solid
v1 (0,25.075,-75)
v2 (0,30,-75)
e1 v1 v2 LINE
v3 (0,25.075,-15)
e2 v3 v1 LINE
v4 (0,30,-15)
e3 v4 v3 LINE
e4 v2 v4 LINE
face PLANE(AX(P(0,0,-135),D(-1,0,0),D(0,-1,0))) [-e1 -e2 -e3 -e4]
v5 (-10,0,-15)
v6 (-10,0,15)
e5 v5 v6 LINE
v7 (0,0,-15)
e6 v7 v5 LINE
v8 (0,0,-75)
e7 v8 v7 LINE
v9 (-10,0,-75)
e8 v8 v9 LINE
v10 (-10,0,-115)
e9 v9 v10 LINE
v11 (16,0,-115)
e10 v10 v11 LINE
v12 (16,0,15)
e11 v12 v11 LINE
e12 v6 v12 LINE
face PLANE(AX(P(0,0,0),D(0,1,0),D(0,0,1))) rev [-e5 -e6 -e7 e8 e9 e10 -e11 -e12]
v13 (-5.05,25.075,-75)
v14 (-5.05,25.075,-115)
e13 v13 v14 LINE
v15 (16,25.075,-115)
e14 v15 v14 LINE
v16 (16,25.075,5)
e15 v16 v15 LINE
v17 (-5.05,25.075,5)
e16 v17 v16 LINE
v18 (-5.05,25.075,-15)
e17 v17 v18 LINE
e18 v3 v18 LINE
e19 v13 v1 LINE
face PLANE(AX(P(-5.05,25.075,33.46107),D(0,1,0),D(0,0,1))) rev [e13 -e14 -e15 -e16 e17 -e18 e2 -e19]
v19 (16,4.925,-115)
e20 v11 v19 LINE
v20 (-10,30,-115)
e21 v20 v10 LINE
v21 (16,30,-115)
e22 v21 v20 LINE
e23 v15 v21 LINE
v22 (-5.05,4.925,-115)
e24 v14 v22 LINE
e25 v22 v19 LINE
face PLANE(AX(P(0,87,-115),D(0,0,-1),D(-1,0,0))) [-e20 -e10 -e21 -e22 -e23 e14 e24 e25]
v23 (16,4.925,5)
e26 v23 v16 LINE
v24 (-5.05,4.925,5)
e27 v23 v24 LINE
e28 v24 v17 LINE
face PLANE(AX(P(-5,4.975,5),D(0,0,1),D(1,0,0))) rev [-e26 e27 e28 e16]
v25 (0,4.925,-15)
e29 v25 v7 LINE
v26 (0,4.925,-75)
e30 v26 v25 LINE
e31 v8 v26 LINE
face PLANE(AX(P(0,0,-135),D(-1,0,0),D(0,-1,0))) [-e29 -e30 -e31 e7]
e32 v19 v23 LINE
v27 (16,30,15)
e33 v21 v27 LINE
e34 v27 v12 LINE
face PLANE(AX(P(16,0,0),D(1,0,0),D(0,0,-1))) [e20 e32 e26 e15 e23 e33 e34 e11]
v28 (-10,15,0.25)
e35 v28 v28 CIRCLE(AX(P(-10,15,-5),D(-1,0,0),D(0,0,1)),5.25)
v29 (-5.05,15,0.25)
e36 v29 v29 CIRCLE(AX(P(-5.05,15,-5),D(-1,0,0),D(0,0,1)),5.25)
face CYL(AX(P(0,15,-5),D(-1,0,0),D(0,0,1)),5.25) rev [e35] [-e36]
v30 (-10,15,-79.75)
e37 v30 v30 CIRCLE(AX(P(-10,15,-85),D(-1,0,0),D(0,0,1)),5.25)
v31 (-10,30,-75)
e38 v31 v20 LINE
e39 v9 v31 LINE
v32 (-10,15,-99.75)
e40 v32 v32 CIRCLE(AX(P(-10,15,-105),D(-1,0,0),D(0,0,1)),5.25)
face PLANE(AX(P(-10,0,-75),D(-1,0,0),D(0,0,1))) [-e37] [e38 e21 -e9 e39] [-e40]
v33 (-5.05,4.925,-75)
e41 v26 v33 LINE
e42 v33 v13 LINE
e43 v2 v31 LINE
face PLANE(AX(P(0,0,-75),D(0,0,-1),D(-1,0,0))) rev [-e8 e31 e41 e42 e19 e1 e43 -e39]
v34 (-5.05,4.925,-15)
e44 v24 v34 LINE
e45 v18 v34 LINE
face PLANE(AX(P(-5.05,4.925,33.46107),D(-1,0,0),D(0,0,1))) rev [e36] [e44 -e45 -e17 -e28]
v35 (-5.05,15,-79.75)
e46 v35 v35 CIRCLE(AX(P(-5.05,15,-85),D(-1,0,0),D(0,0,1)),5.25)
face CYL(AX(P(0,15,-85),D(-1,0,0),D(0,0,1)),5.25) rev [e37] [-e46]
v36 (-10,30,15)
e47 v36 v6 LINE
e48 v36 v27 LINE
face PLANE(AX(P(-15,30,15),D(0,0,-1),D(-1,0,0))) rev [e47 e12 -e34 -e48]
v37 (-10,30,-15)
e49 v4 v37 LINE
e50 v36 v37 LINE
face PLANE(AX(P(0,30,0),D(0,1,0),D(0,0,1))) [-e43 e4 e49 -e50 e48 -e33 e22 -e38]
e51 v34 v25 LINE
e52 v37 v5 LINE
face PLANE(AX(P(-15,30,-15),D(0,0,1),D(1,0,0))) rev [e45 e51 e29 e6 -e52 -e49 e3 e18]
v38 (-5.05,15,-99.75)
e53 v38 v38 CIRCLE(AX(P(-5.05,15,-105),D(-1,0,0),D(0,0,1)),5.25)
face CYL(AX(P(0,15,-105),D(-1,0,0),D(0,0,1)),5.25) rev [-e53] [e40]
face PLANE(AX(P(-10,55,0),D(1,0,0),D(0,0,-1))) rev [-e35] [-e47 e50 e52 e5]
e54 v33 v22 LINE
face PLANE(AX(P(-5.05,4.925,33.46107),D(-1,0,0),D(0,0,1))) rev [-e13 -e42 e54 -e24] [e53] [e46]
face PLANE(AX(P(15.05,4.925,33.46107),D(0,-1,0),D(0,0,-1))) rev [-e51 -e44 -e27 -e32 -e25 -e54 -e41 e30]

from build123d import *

# Parameters (mm, degrees)
SKETCH_1_W          = 30
SKETCH_1_H          = 30
EXTRUDE_1_DEPTH     = 30
SKETCH_2_W          = 20
SKETCH_2_H          = 20.05
CUT_EXTRUDE_1_DEPTH = 20
CUT_EXTRUDE_2_DEPTH = 20
SKETCH_4_W          = 5
SKETCH_4_H          = 30
CUT_EXTRUDE_3_DEPTH = 55
SKETCH_5_W          = 15
SKETCH_5_H          = 4.975
EXTRUDE_2_DEPTH     = 120
EXTRUDE_3_DEPTH     = 60
SKETCH_7_R          = 3.1
CUT_EXTRUDE_4_DEPTH = 60
CUT_EXTRUDE_5_REACH = 155.704
SKETCH_8_W          = 20.1
SKETCH_8_H          = 20.15
EXTRUDE_4_DEPTH     = 1
SKETCH_10_R         = 3.1
CUT_EXTRUDE_6_DEPTH = 10
SKETCH_12_W         = 26
SKETCH_12_H         = 20
CUT_EXTRUDE_8_DEPTH = 87


with BuildPart() as part:
    # 草图1 → 凸台-拉伸1 (new body)
    with BuildSketch(Plane(origin=(0, 0, 0), x_dir=(1, 0, 0), z_dir=(0, 1, 0))):
        Rectangle(SKETCH_1_W, SKETCH_1_H)
    extrude(amount=EXTRUDE_1_DEPTH)

    # 草图2 → 切除-拉伸1 (cut)
    with BuildSketch(Plane(origin=(15, 0, 0), x_dir=(0, 0, -1), z_dir=(1, 0, 0))):
        with Locations((5, 15)):
            Rectangle(SKETCH_2_W, SKETCH_2_H)
    extrude(amount=-CUT_EXTRUDE_1_DEPTH, mode=Mode.SUBTRACT)

    # 草图3 → 切除-拉伸2 (cut)
    with BuildSketch(Plane(origin=(-5, 0, 0), x_dir=(0, 0, -1), z_dir=(1, 0, 0))):
        with BuildLine():
            ThreePointArc((7.189292698, 17.194765929), (5, 18.1), (2.810707302, 17.194765929))
            Line((2.810707302, 17.194765929), (5, 15))
            Line((5, 15), (7.189292698, 17.194765929))
        make_face()
        with BuildLine():
            Line((5, 15), (2.810707302, 17.194765929))
            ThreePointArc((2.810707302, 17.194765929), (1.9, 15), (2.810707302, 12.805234071))
            Line((2.810707302, 12.805234071), (5, 15))
        make_face()
        with BuildLine():
            Line((7.189292698, 17.194765929), (5, 15))
            Line((5, 15), (7.189292698, 12.805234071))
            ThreePointArc((7.189292698, 12.805234071), (7.86328547, 13.81189381), (8.1, 15))
            ThreePointArc((8.1, 15), (7.86328547, 16.18810619), (7.189292698, 17.194765929))
        make_face()
        with BuildLine():
            Line((7.189292698, 12.805234071), (5, 15))
            Line((5, 15), (2.810707302, 12.805234071))
            ThreePointArc((2.810707302, 12.805234071), (5, 11.9), (7.189292698, 12.805234071))
        make_face()
        with BuildLine():
            ThreePointArc((7.189292698, 17.194765929), (5, 18.1), (2.810707302, 17.194765929))
            Line((2.810707302, 17.194765929), (5, 15))
            Line((5, 15), (7.189292698, 17.194765929))
        make_face()
        with BuildLine():
            Line((5, 15), (2.810707302, 17.194765929))
            ThreePointArc((2.810707302, 17.194765929), (1.9, 15), (2.810707302, 12.805234071))
            Line((2.810707302, 12.805234071), (5, 15))
        make_face()
        with BuildLine():
            Line((7.189292698, 17.194765929), (5, 15))
            Line((5, 15), (7.189292698, 12.805234071))
            ThreePointArc((7.189292698, 12.805234071), (7.86328547, 13.81189381), (8.1, 15))
            ThreePointArc((8.1, 15), (7.86328547, 16.18810619), (7.189292698, 17.194765929))
        make_face()
        with BuildLine():
            Line((7.189292698, 12.805234071), (5, 15))
            Line((5, 15), (2.810707302, 12.805234071))
            ThreePointArc((2.810707302, 12.805234071), (5, 11.9), (7.189292698, 12.805234071))
        make_face()
        with BuildLine():
            ThreePointArc((7.189292698, 17.194765929), (5, 18.1), (2.810707302, 17.194765929))
            Line((2.810707302, 17.194765929), (5, 15))
            Line((5, 15), (7.189292698, 17.194765929))
        make_face()
        with BuildLine():
            Line((5, 15), (2.810707302, 17.194765929))
            ThreePointArc((2.810707302, 17.194765929), (1.9, 15), (2.810707302, 12.805234071))
            Line((2.810707302, 12.805234071), (5, 15))
        make_face()
        with BuildLine():
            Line((7.189292698, 17.194765929), (5, 15))
            Line((5, 15), (7.189292698, 12.805234071))
            ThreePointArc((7.189292698, 12.805234071), (7.86328547, 13.81189381), (8.1, 15))
            ThreePointArc((8.1, 15), (7.86328547, 16.18810619), (7.189292698, 17.194765929))
        make_face()
        with BuildLine():
            Line((7.189292698, 12.805234071), (5, 15))
            Line((5, 15), (2.810707302, 12.805234071))
            ThreePointArc((2.810707302, 12.805234071), (5, 11.9), (7.189292698, 12.805234071))
        make_face()
        with BuildLine():
            ThreePointArc((7.189292698, 17.194765929), (5, 18.1), (2.810707302, 17.194765929))
            Line((2.810707302, 17.194765929), (5, 15))
            Line((5, 15), (7.189292698, 17.194765929))
        make_face()
        with BuildLine():
            Line((5, 15), (2.810707302, 17.194765929))
            ThreePointArc((2.810707302, 17.194765929), (1.9, 15), (2.810707302, 12.805234071))
            Line((2.810707302, 12.805234071), (5, 15))
        make_face()
        with BuildLine():
            Line((7.189292698, 17.194765929), (5, 15))
            Line((5, 15), (7.189292698, 12.805234071))
            ThreePointArc((7.189292698, 12.805234071), (7.86328547, 13.81189381), (8.1, 15))
            ThreePointArc((8.1, 15), (7.86328547, 16.18810619), (7.189292698, 17.194765929))
        make_face()
        with BuildLine():
            Line((7.189292698, 12.805234071), (5, 15))
            Line((5, 15), (2.810707302, 12.805234071))
            ThreePointArc((2.810707302, 12.805234071), (5, 11.9), (7.189292698, 12.805234071))
        make_face()
    extrude(amount=-CUT_EXTRUDE_2_DEPTH, mode=Mode.SUBTRACT)

    # 草图4 → 切除-拉伸3 (cut)
    with BuildSketch(Plane.XZ):
        with Locations((-12.5, 0)):
            Rectangle(SKETCH_4_W, SKETCH_4_H)
    extrude(amount=-CUT_EXTRUDE_3_DEPTH, mode=Mode.SUBTRACT)

    # 草图5 → 凸台-拉伸2 (add)
    with BuildSketch(Plane(origin=(0, 0, -15), x_dir=(-1, 0, 0), z_dir=(0, 0, -1))):
        with Locations((-7.5, 27.5125)):
            Rectangle(SKETCH_5_W, SKETCH_5_H)
        with Locations((-7.5, 2.4875)):
            Rectangle(SKETCH_5_W, SKETCH_5_H)
    extrude(amount=EXTRUDE_2_DEPTH)

    # 草图6 → 凸台-拉伸3 (add)
    with BuildSketch(Plane(origin=(0, 0, -135), x_dir=(-1, 0, 0), z_dir=(0, 0, -1))):
        Polygon((5, 4.975), (0, 4.975), (0, 0), (10, 0), (10, 30), (0, 30), (0, 25.025), (5, 25.025), align=None)
    extrude(amount=-EXTRUDE_3_DEPTH)

    # 草图7 → 切除-拉伸4 (cut)
    with BuildSketch(Plane.ZY.offset(10)):
        with Locations((-85, 15)):
            Circle(SKETCH_7_R)
    extrude(amount=-CUT_EXTRUDE_4_DEPTH, mode=Mode.SUBTRACT)

    # 切除-拉伸5: up to this face of the body (flat: up to its plane)
    cut_extrude_5_end = Plane(part.part.faces().sort_by_distance((5, 15, 5))[0])
    # 草图8 → 切除-拉伸5 (cut, up to the picked face)
    with BuildSketch(Plane(origin=(0, 0, -135), x_dir=(-1, 0, 0), z_dir=(0, 0, -1)), mode=Mode.PRIVATE) as cut_extrude_5_sk1:
        with Locations((-5, 15)):
            Rectangle(SKETCH_8_W, SKETCH_8_H)
    cut_extrude_5_tool1 = split(extrude(cut_extrude_5_sk1.sketch, amount=-CUT_EXTRUDE_5_REACH, mode=Mode.PRIVATE), bisect_by=cut_extrude_5_end, keep=Keep.BOTH, mode=Mode.PRIVATE)
    add(cut_extrude_5_tool1.solids().sort_by(Axis((5, 15, -135), (0, 0, 1)))[0], mode=Mode.SUBTRACT)

    # 草图9 → 凸台-拉伸4 (add)
    with BuildSketch(Plane(origin=(15, 0, 0), x_dir=(0, 0, -1), z_dir=(1, 0, 0))):
        Polygon((135, 4.925), (-5, 4.925), (-5, 25.075), (135, 25.075), (135, 30), (-15, 30), (-15, 0), (135, 0), align=None)
    extrude(amount=EXTRUDE_4_DEPTH)

    # 草图10 → 切除-拉伸6 (cut)
    # profile 1 of 9: a face of its own
    with BuildSketch(Plane.ZY.offset(10)):
        with BuildLine():
            ThreePointArc((-99.75, 15), (-99.948207558, 16.428948256), (-100.527864045, 17.75))
            ThreePointArc((-100.527864045, 17.75), (-101.830321577, 19.185168897), (-103.564729991, 20.05))
            Line((-103.564729991, 20.05), (-106.435270009, 20.05))
            ThreePointArc((-106.435270009, 20.05), (-108.169678423, 19.185168897), (-109.472135955, 17.75))
            ThreePointArc((-109.472135955, 17.75), (-110.25, 15), (-109.472135955, 12.25))
            ThreePointArc((-109.472135955, 12.25), (-108.169678423, 10.814831103), (-106.435270009, 9.95))
            Line((-106.435270009, 9.95), (-103.564729991, 9.95))
            ThreePointArc((-103.564729991, 9.95), (-101.830321577, 10.814831103), (-100.527864045, 12.25))
            ThreePointArc((-100.527864045, 12.25), (-99.948207558, 13.571051744), (-99.75, 15))
        make_face()
    # profile 2 of 9: a face of its own
    with BuildSketch(Plane.ZY.offset(10)):
        with BuildLine():
            Line((-106.435270009, 20.05), (-103.564729991, 20.05))
            ThreePointArc((-103.564729991, 20.05), (-105, 20.25), (-106.435270009, 20.05))
        make_face()
    # profile 3 of 9: a face of its own
    with BuildSketch(Plane.ZY.offset(10)):
        with BuildLine():
            ThreePointArc((-106.435270009, 9.95), (-105, 9.75), (-103.564729991, 9.95))
            Line((-103.564729991, 9.95), (-106.435270009, 9.95))
        make_face()
    # profile 4 of 9: a face of its own
    with BuildSketch(Plane.ZY.offset(10)):
        with BuildLine():
            ThreePointArc((-79.75, 15), (-79.948207558, 16.428948256), (-80.527864045, 17.75))
            ThreePointArc((-80.527864045, 17.75), (-81.830321577, 19.185168897), (-83.564729991, 20.05))
            Line((-83.564729991, 20.05), (-86.435270009, 20.05))
            ThreePointArc((-86.435270009, 20.05), (-88.169678423, 19.185168897), (-89.472135955, 17.75))
            ThreePointArc((-89.472135955, 17.75), (-90.25, 15), (-89.472135955, 12.25))
            ThreePointArc((-89.472135955, 12.25), (-88.169678423, 10.814831103), (-86.435270009, 9.95))
            Line((-86.435270009, 9.95), (-83.564729991, 9.95))
            ThreePointArc((-83.564729991, 9.95), (-81.830321577, 10.814831103), (-80.527864045, 12.25))
            ThreePointArc((-80.527864045, 12.25), (-79.948207558, 13.571051744), (-79.75, 15))
        make_face()
        with Locations((-85, 15)):
            Circle(SKETCH_10_R, mode=Mode.SUBTRACT)
    # profile 5 of 9: a face of its own
    with BuildSketch(Plane.ZY.offset(10)):
        with BuildLine():
            Line((-86.435270009, 20.05), (-83.564729991, 20.05))
            ThreePointArc((-83.564729991, 20.05), (-85, 20.25), (-86.435270009, 20.05))
        make_face()
    # profile 6 of 9: a face of its own
    with BuildSketch(Plane.ZY.offset(10)):
        with BuildLine():
            ThreePointArc((-86.435270009, 9.95), (-85, 9.75), (-83.564729991, 9.95))
            Line((-83.564729991, 9.95), (-86.435270009, 9.95))
        make_face()
    # profile 7 of 9: a face of its own
    with BuildSketch(Plane.ZY.offset(10)):
        with BuildLine():
            ThreePointArc((0.25, 15), (0.051792442, 16.428948256), (-0.527864045, 17.75))
            ThreePointArc((-0.527864045, 17.75), (-1.830321577, 19.185168897), (-3.564729991, 20.05))
            Line((-3.564729991, 20.05), (-6.435270009, 20.05))
            ThreePointArc((-6.435270009, 20.05), (-8.169678423, 19.185168897), (-9.472135955, 17.75))
            ThreePointArc((-9.472135955, 17.75), (-10.25, 15), (-9.472135955, 12.25))
            ThreePointArc((-9.472135955, 12.25), (-8.169678423, 10.814831103), (-6.435270009, 9.95))
            Line((-6.435270009, 9.95), (-3.564729991, 9.95))
            ThreePointArc((-3.564729991, 9.95), (-1.830321577, 10.814831103), (-0.527864045, 12.25))
            ThreePointArc((-0.527864045, 12.25), (0.051792442, 13.571051744), (0.25, 15))
        make_face()
    # profile 8 of 9: a face of its own
    with BuildSketch(Plane.ZY.offset(10)):
        with BuildLine():
            Line((-6.435270009, 20.05), (-3.564729991, 20.05))
            ThreePointArc((-3.564729991, 20.05), (-5, 20.25), (-6.435270009, 20.05))
        make_face()
    # profile 9 of 9: a face of its own
    with BuildSketch(Plane.ZY.offset(10)):
        with BuildLine():
            ThreePointArc((-6.435270009, 9.95), (-5, 9.75), (-3.564729991, 9.95))
            Line((-3.564729991, 9.95), (-6.435270009, 9.95))
        make_face()
    extrude(amount=-CUT_EXTRUDE_6_DEPTH, mode=Mode.SUBTRACT)

    # 草图12 → 切除-拉伸8 (cut)
    with BuildSketch(Plane.XZ):
        with Locations((3, -125)):
            Rectangle(SKETCH_12_W, SKETCH_12_H)
    extrude(amount=-CUT_EXTRUDE_8_DEPTH, mode=Mode.SUBTRACT)


solid = part.part
